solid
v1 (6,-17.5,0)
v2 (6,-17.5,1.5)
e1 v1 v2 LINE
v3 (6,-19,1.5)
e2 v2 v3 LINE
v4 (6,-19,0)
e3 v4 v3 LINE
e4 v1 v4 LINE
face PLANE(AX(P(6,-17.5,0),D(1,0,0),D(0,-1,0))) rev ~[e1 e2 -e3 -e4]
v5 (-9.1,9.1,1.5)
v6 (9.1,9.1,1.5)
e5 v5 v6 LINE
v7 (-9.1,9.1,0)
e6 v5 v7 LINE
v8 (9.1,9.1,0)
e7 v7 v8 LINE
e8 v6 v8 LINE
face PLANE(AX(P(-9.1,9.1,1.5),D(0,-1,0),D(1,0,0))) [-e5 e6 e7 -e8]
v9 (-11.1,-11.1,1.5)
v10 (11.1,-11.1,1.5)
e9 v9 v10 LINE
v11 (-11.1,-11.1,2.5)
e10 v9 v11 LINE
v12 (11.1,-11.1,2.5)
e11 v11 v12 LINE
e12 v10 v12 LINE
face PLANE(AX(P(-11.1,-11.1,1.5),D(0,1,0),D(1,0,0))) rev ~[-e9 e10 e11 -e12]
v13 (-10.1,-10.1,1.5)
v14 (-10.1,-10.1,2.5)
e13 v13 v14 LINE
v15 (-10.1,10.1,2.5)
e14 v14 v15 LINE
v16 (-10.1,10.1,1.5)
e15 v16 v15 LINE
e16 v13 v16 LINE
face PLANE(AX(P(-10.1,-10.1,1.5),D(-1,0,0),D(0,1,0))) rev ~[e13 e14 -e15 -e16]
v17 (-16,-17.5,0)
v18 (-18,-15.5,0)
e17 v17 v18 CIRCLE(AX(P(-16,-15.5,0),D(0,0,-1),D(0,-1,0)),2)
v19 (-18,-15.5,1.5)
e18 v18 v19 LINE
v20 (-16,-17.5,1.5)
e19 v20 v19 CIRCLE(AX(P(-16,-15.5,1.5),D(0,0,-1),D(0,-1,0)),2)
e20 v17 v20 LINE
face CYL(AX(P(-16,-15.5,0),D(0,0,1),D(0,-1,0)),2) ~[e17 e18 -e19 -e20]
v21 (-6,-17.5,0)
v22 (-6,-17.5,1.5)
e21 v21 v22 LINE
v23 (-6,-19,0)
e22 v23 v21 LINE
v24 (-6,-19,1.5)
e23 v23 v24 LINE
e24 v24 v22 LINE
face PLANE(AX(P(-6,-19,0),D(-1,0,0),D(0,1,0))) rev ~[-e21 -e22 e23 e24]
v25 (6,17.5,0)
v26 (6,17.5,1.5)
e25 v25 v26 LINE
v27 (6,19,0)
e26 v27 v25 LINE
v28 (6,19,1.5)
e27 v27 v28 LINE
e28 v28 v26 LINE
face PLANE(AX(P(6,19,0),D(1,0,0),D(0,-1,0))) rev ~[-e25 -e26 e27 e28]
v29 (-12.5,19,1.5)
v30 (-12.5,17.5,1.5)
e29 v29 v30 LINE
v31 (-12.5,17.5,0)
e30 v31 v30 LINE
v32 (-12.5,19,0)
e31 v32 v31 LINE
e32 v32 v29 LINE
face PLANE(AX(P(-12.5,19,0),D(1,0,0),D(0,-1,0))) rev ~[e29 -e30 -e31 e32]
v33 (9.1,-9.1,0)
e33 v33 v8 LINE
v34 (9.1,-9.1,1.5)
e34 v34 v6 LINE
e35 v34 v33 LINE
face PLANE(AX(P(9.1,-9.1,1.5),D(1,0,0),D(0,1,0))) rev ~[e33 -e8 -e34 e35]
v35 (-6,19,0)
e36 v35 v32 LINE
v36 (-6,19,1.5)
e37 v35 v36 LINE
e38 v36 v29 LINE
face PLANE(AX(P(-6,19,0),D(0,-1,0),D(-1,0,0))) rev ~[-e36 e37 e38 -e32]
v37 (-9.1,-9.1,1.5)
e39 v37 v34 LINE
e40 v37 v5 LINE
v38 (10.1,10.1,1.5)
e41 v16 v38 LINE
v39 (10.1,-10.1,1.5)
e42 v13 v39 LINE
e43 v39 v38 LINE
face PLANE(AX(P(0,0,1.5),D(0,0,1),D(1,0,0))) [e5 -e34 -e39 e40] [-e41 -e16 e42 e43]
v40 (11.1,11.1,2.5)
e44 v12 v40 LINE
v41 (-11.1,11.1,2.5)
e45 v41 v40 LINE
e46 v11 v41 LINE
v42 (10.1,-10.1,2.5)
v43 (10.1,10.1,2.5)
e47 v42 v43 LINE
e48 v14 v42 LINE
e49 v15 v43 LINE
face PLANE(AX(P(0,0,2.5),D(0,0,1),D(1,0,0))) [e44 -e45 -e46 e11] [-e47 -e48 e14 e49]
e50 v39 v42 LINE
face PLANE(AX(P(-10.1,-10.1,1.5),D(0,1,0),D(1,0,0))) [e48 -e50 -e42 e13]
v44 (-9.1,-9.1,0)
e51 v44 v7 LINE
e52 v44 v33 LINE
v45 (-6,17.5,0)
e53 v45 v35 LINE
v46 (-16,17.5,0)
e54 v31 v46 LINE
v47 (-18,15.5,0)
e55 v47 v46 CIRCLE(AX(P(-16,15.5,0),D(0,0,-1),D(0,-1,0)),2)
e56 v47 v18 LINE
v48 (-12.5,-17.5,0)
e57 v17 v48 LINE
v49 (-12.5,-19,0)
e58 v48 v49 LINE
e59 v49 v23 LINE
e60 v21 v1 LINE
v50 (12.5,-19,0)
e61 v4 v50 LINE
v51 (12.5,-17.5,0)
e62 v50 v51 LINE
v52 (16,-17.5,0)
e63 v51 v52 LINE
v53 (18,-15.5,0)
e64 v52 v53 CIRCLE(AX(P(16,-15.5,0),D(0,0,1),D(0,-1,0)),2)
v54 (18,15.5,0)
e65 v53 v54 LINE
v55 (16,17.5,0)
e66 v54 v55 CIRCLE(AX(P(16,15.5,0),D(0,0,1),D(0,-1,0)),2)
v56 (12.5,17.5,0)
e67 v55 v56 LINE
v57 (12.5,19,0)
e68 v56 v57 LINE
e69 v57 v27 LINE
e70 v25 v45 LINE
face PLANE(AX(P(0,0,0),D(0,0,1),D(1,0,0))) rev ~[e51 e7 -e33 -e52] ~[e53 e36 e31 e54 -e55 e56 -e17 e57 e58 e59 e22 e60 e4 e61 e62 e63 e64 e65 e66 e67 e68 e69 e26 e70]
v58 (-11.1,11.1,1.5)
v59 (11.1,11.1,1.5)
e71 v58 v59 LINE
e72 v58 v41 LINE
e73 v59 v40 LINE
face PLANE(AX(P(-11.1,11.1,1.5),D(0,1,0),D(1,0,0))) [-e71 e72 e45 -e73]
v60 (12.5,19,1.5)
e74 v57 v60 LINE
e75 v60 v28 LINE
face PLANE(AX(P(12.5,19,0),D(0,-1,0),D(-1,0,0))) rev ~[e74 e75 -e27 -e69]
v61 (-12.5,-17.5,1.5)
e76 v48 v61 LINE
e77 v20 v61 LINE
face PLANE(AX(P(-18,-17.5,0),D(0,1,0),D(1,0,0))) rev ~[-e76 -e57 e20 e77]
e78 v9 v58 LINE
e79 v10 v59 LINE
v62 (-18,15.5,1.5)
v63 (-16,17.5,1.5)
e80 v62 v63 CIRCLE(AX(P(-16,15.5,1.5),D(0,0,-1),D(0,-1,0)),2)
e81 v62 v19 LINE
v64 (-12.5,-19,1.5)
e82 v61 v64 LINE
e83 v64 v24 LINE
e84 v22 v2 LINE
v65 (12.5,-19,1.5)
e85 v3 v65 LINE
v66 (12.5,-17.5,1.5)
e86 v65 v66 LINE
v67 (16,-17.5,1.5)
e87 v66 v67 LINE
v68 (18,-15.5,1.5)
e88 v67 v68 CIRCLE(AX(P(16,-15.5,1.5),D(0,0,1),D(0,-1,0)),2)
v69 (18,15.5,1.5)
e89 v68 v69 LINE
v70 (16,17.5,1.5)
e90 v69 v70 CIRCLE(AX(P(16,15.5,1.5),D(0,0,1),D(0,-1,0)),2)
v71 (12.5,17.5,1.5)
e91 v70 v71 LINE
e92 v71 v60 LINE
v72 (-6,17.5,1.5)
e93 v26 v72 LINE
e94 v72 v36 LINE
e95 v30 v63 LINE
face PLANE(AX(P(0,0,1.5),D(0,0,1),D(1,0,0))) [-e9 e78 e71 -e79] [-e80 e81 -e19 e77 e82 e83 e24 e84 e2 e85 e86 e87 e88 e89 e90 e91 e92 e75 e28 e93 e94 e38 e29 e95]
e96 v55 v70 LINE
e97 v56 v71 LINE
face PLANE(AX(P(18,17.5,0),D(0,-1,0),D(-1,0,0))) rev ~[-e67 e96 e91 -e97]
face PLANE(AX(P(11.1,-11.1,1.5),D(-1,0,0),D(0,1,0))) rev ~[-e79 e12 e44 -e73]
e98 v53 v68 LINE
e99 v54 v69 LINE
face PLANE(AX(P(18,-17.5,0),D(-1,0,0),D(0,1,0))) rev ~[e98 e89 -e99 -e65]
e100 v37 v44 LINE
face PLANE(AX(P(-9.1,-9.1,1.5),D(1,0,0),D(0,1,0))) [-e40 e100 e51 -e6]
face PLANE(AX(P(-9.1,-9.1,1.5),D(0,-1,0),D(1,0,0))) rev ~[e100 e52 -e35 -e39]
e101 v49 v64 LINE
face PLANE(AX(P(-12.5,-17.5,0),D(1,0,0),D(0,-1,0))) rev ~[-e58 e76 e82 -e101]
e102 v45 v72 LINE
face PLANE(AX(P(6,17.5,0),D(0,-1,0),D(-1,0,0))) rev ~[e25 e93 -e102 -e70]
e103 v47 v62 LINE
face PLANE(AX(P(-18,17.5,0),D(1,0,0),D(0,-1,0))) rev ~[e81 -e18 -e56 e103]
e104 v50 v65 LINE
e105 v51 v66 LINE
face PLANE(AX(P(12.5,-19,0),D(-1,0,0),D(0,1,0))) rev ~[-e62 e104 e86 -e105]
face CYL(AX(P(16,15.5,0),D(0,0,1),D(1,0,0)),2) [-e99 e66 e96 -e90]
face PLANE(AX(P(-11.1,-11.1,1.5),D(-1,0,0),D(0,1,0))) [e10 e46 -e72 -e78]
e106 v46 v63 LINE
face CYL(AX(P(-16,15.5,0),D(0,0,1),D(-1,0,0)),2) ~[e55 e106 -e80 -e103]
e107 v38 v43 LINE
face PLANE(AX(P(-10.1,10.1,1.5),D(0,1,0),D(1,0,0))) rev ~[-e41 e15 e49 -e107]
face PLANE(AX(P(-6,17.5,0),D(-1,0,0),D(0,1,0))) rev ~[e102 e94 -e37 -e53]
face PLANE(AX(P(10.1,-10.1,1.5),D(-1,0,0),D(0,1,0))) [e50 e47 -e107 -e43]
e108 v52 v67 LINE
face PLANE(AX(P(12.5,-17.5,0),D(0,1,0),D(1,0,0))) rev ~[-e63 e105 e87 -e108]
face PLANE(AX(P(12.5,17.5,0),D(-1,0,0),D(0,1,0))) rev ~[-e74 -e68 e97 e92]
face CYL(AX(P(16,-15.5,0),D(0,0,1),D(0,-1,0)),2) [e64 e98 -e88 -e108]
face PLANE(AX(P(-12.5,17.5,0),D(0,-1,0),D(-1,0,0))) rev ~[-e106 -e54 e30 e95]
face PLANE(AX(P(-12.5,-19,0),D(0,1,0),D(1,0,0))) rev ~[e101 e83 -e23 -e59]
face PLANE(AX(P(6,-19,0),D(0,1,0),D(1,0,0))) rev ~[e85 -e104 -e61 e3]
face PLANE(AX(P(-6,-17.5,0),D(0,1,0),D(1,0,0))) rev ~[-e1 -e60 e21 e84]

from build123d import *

# Parameters (mm, degrees)
BOSS_EXTRUDE1_DEPTH = 1.5
SKETCH2_W           = 22.2
SKETCH2_H           = 22.2
SKETCH2_W_2         = 20.2
SKETCH2_H_2         = 20.2
BOSS_EXTRUDE2_DEPTH = 1
SKETCH3_W           = 18.2
SKETCH3_H           = 18.2
CUT_EXTRUDE1_DEPTH  = 27.215453458
FILLET1_R           = 2


with BuildPart() as part:
    # Sketch1 → Boss-Extrude1 (new body)
    with BuildSketch(Plane.XY):
        Polygon((-18, -17.5), (-12.5, -17.5), (-12.5, -19), (-6, -19), (-6, -17.5), (6, -17.5), (6, -19), (12.5, -19), (12.5, -17.5), (18, -17.5), (18, 17.5), (12.5, 17.5), (12.5, 19), (6, 19), (6, 17.5), (-6, 17.5), (-6, 19), (-12.5, 19), (-12.5, 17.5), (-18, 17.5), align=None)
    extrude(amount=BOSS_EXTRUDE1_DEPTH)

    # Sketch2 → Boss-Extrude2 (add)
    with BuildSketch(Plane.XY.offset(1.5)):
        Rectangle(SKETCH2_W, SKETCH2_H)
        Rectangle(SKETCH2_W_2, SKETCH2_H_2, mode=Mode.SUBTRACT)
    extrude(amount=BOSS_EXTRUDE2_DEPTH)

    # Sketch3 → Cut-Extrude1 (cut, through all)
    with BuildSketch(Plane.XY.offset(1.5)):
        Rectangle(SKETCH3_W, SKETCH3_H)
    extrude(amount=-CUT_EXTRUDE1_DEPTH, mode=Mode.SUBTRACT)

    # Fillet1
    fillet1_edges = [part.edges().sort_by_distance(p)[0] for p in [
        (18, 17.5, 0.75),
        (18, -17.5, 0.75),
        (-18, -17.5, 0.75),
        (-18, 17.5, 0.75),
    ]]
    fillet(fillet1_edges, radius=FILLET1_R)


solid = part.part
